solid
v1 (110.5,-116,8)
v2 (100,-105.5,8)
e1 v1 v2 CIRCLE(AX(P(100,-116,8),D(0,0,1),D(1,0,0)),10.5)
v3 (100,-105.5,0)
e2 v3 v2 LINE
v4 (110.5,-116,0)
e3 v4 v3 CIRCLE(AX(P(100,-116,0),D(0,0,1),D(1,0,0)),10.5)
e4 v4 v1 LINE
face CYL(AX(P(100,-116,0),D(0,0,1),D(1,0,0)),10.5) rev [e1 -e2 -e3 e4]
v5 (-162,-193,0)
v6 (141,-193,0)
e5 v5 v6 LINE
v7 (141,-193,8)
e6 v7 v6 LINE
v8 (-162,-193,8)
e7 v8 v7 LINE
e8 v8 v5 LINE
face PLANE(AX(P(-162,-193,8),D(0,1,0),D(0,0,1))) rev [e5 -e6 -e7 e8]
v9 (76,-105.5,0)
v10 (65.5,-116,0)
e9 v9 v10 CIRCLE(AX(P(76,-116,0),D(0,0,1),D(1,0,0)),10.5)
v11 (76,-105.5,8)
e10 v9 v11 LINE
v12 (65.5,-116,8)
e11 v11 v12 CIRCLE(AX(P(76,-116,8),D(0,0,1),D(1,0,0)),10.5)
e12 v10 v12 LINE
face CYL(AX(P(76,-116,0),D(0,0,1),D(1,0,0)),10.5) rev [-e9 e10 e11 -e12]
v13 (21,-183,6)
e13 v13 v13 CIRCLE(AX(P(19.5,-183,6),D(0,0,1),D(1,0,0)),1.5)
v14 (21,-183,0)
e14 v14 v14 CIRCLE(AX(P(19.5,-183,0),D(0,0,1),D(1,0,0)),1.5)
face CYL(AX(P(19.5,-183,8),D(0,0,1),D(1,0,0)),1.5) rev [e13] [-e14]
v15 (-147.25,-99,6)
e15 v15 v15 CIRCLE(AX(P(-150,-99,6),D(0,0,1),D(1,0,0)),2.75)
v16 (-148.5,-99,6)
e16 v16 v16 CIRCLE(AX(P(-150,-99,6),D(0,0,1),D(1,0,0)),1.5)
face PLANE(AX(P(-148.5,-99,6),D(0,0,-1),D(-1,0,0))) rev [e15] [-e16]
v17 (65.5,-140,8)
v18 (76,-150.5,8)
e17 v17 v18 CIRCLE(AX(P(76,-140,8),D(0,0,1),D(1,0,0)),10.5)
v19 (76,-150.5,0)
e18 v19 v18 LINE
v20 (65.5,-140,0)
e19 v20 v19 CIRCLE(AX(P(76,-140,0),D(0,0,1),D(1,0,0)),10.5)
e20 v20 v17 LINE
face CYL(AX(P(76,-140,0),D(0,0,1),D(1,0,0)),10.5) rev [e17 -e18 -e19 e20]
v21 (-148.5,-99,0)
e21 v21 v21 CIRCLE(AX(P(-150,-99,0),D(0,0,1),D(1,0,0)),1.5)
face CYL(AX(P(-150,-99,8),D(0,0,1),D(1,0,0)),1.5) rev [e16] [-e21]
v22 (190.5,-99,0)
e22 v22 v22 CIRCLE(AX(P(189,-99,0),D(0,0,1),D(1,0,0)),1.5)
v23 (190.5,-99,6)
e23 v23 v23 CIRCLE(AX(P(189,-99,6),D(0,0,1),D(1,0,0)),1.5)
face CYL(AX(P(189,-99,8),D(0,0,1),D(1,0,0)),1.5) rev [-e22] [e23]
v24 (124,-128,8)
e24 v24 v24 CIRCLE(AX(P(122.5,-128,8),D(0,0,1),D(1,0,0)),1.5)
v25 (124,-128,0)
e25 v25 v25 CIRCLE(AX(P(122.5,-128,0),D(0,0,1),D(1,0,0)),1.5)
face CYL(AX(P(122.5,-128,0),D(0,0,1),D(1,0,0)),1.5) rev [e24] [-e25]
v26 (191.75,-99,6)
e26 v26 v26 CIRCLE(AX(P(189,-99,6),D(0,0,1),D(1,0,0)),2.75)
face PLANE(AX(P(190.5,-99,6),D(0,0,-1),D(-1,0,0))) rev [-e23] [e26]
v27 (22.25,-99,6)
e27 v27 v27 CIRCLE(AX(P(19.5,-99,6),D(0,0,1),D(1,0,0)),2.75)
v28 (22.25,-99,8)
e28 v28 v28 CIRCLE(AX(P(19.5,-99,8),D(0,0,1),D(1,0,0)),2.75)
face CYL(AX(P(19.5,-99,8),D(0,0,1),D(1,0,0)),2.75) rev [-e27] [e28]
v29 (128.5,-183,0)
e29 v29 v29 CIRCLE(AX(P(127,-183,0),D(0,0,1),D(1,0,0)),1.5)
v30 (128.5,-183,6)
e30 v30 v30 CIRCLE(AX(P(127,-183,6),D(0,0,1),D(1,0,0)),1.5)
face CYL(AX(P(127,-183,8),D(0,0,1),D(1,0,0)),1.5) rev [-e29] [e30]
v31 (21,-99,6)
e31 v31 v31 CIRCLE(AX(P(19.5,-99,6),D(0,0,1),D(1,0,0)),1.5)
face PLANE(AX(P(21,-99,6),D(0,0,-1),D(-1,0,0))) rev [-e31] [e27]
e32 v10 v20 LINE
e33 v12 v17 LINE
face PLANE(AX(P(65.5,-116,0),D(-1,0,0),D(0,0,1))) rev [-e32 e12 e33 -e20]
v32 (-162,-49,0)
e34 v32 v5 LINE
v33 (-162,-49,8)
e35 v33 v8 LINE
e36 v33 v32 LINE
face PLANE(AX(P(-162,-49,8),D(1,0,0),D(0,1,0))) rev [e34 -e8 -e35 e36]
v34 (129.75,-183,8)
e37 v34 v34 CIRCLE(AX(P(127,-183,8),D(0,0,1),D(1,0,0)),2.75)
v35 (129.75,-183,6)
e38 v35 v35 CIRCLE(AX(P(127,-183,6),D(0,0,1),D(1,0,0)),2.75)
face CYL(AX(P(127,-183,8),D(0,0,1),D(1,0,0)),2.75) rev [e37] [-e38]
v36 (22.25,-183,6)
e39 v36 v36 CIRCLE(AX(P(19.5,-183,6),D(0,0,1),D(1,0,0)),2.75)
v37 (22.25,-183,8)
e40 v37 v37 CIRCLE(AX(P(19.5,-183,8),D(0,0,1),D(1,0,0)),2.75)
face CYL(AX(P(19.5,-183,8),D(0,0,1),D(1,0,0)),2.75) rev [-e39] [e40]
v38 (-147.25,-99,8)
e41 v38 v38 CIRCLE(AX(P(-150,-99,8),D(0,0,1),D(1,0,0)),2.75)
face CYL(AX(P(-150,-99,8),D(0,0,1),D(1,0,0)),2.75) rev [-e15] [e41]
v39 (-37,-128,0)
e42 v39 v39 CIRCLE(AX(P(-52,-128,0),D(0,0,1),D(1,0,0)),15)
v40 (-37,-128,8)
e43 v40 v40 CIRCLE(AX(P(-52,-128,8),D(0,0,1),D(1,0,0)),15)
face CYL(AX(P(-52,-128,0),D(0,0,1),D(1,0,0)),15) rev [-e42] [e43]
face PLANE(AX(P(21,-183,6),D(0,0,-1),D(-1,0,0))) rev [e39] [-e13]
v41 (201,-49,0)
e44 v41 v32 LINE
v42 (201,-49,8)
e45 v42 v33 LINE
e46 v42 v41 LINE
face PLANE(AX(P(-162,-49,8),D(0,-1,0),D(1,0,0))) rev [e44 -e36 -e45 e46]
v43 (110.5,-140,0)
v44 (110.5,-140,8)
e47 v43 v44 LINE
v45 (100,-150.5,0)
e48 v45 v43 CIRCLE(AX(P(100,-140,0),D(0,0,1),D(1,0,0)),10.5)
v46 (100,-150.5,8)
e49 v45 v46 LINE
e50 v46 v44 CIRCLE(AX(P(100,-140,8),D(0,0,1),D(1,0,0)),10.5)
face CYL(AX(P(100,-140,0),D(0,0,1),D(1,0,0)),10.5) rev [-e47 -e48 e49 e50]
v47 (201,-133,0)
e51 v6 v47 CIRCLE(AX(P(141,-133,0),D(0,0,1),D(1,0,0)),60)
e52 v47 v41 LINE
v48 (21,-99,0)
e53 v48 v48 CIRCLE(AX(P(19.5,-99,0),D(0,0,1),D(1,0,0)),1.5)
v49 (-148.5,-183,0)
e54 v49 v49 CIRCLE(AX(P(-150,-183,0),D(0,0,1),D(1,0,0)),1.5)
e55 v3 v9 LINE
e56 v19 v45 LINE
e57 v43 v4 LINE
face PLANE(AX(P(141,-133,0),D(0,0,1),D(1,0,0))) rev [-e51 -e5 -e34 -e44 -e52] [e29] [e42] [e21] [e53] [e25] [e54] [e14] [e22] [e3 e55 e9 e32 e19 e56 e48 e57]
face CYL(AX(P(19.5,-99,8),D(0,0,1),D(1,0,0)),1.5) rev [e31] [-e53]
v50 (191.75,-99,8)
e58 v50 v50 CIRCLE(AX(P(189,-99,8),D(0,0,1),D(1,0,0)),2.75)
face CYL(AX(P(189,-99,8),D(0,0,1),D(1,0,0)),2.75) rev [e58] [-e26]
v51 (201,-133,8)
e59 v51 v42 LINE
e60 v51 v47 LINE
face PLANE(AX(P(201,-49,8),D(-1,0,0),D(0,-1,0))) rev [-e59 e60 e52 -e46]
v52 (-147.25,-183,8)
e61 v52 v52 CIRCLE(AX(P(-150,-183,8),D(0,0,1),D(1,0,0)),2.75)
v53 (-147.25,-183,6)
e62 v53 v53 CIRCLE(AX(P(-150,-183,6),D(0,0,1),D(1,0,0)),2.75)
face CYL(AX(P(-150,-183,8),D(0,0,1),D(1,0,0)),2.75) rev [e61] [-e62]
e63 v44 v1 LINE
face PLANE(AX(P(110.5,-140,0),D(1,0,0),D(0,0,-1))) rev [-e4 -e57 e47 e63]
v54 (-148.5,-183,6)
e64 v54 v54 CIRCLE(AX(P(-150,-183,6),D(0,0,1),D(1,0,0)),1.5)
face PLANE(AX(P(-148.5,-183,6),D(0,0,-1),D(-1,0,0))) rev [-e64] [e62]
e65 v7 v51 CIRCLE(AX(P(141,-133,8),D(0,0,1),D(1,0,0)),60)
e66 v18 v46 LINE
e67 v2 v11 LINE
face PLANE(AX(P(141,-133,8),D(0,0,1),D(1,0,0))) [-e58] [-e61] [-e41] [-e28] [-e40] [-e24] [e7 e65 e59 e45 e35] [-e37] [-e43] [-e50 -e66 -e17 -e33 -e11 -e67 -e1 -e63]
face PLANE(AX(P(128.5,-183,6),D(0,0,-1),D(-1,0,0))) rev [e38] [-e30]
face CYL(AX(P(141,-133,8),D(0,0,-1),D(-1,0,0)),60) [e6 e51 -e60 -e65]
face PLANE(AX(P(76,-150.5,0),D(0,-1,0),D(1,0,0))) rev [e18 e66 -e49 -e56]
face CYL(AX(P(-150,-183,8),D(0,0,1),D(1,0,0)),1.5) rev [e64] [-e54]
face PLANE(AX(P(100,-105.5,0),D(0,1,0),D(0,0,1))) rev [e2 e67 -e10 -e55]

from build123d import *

# Parameters (mm, degrees)
BOSS_EXTRU_1_DEPTH                                 = 8
ESQUISSE2_R                                        = 15
ESQUISSE2_R_2                                      = 1.5
ENL_V_MAT_EXTRU_1_DEPTH                            = 9
CHAMBRAGE_POUR_VIS_T_TE_CYLINDRIQUE_CO_D           = 3
CHAMBRAGE_POUR_VIS_T_TE_CYLINDRIQUE_CO_CBORE_D     = 5.5
CHAMBRAGE_POUR_VIS_T_TE_CYLINDRIQUE_CO_CBORE_DEPTH = 2


with BuildPart() as part:
    # Esquisse1 → Boss.-Extru.1 (new body)
    with BuildSketch(Plane.XY):
        with BuildLine():
            Line((-162, -49), (201, -49))
            Line((201, -49), (201, -133))
            ThreePointArc((201, -133), (183.426406871, -175.426406871), (141, -193))
            Line((141, -193), (-162, -193))
            Line((-162, -193), (-162, -49))
        make_face()
    extrude(amount=BOSS_EXTRU_1_DEPTH)

    # Esquisse2 → Enlèv. mat.-Extru.1 (cut, through all)
    with BuildSketch(Plane.XY.offset(8)):
        with Locations((-52, -128)):
            Circle(ESQUISSE2_R)
        with Locations((122.5, -128)):
            Circle(ESQUISSE2_R_2)
        with BuildLine():
            Line((76, -150.5), (100, -150.5))
            ThreePointArc((100, -150.5), (107.424621202, -147.424621202), (110.5, -140))
            Line((110.5, -140), (110.5, -116))
            ThreePointArc((110.5, -116), (107.424621202, -108.575378798), (100, -105.5))
            Line((100, -105.5), (76, -105.5))
            ThreePointArc((76, -105.5), (68.575378798, -108.575378798), (65.5, -116))
            Line((65.5, -116), (65.5, -140))
            ThreePointArc((65.5, -140), (68.575378798, -147.424621202), (76, -150.5))
        make_face()
    extrude(amount=-ENL_V_MAT_EXTRU_1_DEPTH, mode=Mode.SUBTRACT)

    # Chambrage pour vis à tête cylindrique courte six pans creux M31 (through all)
    with Locations(Plane.XY.offset(8)):
        with Locations((-150, -99), (19.5, -99), (189, -99), (-150, -183), (19.5, -183), (127, -183)):
            CounterBoreHole(CHAMBRAGE_POUR_VIS_T_TE_CYLINDRIQUE_CO_D / 2, CHAMBRAGE_POUR_VIS_T_TE_CYLINDRIQUE_CO_CBORE_D / 2, CHAMBRAGE_POUR_VIS_T_TE_CYLINDRIQUE_CO_CBORE_DEPTH)


solid = part.part
